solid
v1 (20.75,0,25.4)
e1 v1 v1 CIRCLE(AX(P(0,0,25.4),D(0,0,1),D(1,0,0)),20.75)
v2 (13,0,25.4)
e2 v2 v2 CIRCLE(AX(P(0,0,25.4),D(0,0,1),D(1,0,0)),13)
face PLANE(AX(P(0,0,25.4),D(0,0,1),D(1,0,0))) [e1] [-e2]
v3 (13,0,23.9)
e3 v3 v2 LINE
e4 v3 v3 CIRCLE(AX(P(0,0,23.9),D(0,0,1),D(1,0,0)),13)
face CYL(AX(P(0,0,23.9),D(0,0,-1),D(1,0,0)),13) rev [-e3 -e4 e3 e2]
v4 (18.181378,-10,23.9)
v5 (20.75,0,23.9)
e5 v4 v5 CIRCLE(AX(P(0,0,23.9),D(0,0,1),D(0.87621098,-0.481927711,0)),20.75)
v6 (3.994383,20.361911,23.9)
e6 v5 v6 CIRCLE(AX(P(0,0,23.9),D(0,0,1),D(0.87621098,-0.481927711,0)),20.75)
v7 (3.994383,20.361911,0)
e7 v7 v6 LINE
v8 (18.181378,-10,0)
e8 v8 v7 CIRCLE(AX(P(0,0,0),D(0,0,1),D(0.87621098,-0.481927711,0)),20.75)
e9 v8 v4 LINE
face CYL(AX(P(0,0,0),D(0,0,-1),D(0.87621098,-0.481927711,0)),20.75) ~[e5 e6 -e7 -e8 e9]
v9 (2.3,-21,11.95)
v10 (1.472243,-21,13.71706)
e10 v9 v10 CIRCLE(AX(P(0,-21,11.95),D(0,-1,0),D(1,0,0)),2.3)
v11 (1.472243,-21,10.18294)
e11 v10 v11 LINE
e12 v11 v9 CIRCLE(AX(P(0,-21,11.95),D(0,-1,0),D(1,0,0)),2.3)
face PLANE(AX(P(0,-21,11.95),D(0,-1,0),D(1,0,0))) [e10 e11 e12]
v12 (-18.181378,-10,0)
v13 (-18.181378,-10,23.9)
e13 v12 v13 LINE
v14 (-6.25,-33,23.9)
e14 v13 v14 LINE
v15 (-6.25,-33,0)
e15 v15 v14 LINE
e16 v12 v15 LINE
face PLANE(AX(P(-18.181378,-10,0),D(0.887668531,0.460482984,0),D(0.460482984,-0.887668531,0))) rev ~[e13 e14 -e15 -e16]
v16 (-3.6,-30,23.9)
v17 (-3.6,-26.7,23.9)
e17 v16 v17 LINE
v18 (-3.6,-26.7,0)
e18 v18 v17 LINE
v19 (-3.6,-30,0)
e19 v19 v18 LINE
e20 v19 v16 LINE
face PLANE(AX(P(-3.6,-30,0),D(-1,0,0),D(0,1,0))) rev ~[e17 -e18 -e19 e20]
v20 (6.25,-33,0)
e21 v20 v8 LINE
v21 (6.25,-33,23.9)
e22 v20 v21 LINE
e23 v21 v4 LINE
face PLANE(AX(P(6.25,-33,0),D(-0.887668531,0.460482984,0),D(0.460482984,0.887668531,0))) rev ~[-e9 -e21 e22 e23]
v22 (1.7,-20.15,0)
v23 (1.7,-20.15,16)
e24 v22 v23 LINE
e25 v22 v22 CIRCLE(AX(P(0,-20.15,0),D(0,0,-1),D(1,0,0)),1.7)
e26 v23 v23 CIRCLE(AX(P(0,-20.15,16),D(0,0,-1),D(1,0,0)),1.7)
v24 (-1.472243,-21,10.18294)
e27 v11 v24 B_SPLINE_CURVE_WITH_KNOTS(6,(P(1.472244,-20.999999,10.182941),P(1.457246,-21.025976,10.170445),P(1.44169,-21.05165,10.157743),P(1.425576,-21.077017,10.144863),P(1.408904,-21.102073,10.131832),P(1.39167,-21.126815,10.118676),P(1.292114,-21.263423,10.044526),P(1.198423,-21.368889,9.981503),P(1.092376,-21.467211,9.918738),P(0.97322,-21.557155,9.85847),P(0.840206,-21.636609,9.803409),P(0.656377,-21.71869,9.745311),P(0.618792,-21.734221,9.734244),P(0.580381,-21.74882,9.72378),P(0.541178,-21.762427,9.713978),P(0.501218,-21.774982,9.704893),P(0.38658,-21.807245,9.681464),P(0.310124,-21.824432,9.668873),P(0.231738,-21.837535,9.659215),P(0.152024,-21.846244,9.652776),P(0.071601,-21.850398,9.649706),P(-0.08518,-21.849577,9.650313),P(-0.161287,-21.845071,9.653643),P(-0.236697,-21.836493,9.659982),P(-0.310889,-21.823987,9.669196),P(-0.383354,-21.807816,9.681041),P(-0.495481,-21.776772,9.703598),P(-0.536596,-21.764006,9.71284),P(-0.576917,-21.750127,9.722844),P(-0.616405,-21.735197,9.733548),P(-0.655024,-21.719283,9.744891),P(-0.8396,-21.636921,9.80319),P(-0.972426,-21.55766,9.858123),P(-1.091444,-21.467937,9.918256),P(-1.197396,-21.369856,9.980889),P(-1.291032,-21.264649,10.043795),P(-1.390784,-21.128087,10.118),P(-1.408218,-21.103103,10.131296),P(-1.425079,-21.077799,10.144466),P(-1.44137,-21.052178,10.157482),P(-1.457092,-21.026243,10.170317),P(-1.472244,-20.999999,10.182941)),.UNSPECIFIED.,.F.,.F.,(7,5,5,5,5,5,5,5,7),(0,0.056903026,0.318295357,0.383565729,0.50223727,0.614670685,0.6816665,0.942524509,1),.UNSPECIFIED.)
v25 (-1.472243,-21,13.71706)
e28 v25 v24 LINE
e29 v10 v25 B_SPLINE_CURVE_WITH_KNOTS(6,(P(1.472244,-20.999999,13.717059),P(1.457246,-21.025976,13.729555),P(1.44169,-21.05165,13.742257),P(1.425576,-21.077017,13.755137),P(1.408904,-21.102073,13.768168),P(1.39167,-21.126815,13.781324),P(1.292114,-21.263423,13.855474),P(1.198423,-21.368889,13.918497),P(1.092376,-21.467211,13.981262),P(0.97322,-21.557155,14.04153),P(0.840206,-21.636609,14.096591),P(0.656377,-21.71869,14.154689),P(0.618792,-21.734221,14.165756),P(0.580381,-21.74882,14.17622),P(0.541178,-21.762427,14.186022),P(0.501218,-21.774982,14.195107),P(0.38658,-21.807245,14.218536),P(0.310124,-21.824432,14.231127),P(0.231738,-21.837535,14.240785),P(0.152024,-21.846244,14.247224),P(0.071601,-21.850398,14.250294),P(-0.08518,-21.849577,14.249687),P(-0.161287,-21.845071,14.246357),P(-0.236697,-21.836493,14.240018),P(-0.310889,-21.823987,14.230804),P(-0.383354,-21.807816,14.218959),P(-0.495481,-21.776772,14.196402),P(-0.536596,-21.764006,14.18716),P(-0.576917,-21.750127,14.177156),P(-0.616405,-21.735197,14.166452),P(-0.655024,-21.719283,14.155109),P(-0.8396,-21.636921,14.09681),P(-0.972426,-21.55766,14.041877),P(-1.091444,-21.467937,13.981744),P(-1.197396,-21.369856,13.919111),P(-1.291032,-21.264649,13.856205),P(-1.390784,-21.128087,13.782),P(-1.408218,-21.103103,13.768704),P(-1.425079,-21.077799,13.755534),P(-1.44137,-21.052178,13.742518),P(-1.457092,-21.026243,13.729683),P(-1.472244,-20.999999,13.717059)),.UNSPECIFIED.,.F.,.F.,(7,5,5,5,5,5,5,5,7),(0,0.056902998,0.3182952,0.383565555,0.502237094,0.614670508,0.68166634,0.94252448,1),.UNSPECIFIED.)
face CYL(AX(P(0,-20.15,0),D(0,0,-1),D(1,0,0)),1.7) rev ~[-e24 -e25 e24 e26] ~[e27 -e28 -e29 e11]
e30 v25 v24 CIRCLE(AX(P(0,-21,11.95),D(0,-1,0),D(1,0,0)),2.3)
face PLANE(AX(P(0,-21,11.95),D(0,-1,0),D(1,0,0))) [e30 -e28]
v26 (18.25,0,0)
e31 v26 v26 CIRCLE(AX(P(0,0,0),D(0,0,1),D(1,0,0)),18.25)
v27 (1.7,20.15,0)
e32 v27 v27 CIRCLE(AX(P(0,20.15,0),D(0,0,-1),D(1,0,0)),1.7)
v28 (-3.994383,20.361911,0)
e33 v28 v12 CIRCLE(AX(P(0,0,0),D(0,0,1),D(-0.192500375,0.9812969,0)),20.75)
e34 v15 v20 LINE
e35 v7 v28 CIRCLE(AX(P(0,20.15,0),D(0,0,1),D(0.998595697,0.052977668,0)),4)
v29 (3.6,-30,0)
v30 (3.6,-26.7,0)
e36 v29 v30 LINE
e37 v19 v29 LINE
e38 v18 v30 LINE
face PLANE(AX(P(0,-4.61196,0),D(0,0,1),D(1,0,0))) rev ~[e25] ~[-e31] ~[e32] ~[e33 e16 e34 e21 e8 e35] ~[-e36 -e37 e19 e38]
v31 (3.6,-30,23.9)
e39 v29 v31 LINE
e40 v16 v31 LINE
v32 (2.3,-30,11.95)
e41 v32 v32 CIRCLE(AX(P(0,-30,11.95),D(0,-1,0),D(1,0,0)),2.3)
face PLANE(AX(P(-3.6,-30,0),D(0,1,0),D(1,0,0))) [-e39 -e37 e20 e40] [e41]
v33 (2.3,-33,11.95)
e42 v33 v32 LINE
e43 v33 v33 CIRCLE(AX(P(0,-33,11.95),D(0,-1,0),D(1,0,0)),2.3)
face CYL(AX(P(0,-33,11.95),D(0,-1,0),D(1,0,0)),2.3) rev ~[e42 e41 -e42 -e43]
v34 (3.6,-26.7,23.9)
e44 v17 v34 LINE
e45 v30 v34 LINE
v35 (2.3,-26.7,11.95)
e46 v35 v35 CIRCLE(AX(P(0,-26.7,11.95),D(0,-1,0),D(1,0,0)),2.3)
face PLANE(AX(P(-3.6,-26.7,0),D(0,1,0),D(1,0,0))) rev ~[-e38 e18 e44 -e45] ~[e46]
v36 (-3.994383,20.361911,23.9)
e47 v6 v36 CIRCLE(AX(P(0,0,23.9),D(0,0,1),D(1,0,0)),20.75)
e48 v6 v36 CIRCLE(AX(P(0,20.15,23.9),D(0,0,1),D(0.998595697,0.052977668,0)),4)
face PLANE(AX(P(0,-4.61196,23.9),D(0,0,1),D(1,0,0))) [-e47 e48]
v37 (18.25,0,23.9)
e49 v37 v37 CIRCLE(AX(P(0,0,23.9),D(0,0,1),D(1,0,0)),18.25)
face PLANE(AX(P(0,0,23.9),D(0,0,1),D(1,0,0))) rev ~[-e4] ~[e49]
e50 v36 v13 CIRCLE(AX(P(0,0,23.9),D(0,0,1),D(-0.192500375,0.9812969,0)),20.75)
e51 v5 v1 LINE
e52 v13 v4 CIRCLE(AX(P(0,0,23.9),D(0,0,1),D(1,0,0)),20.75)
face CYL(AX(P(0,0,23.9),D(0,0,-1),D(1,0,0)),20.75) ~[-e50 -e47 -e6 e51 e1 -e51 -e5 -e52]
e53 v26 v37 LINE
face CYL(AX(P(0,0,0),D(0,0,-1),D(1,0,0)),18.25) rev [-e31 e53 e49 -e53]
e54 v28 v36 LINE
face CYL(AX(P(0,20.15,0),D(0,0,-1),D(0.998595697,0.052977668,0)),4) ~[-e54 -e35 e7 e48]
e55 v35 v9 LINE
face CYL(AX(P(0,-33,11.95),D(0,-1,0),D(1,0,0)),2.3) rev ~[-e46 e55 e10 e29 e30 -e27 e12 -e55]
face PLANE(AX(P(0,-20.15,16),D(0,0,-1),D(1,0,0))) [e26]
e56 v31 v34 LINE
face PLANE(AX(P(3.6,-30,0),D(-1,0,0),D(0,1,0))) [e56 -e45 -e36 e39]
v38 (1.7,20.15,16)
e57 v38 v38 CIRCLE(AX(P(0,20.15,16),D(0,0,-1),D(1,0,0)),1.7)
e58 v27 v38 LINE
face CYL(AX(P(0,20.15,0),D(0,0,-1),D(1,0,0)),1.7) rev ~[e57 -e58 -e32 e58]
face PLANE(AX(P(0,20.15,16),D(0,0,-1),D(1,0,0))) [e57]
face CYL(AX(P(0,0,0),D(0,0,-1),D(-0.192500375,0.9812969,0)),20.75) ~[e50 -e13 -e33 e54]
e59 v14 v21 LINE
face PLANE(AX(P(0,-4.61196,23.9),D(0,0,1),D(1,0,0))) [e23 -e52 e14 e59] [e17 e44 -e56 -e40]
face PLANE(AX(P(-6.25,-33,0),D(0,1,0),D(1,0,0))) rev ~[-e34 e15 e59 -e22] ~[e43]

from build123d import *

# Parameters (mm, degrees)
F0_W     = 7.2
F0_H     = 3.3
F0_R     = 18.25
F1_DEPTH = 23.9
F2_R     = 20.75
F2_R_2   = 13
F3_DEPTH = 1.5
F4_R     = 1.7
F5_DEPTH = 16
F6_R     = 2.3
F7_DEPTH = 12


with BuildPart() as f1:
    # F0 (on Top) → F1 (new body)
    with BuildSketch(Plane.XY):
        with BuildLine():
            Line((6.25, -33), (18.1813778356, -10))
            ThreePointArc((18.1813778356, -10), (18.7990024923, 8.7840768037), (3.9943827894, 20.36191067))
            ThreePointArc((3.9943827894, 20.36191067), (0, 24.15), (-3.9943827894, 20.36191067))
            ThreePointArc((-3.9943827894, 20.36191067), (-18.7990024923, 8.7840768037), (-18.1813778356, -10))
            Line((-18.1813778356, -10), (-6.25, -33))
            Line((-6.25, -33), (6.25, -33))
        make_face()
        with Locations((0, -28.35)):
            Rectangle(F0_W, F0_H, mode=Mode.SUBTRACT)
        Circle(F0_R, mode=Mode.SUBTRACT)
    extrude(amount=F1_DEPTH)

    # F2 (on face) → F3 (join)
    with BuildSketch(Plane.XY.offset(23.9)):
        Circle(F2_R)
        Circle(F2_R_2, mode=Mode.SUBTRACT)
    extrude(amount=F3_DEPTH)

    # F4 (on face) → F5 (cut)
    with BuildSketch(Plane(origin=(0, 0, 0), x_dir=(1, 0, 0), z_dir=(0, 0, -1))):
        with Locations((0, 20.15)):
            Circle(F4_R)
        with Locations((0, -20.15)):
            Circle(F4_R)
    extrude(amount=-F5_DEPTH, mode=Mode.SUBTRACT)

    # F6 (on face) → F7 (cut)
    with BuildSketch(Plane.XZ.offset(33)):
        with Locations((0, 11.95)):
            Circle(F6_R)
    extrude(amount=-F7_DEPTH, mode=Mode.SUBTRACT)


solid = f1.part
